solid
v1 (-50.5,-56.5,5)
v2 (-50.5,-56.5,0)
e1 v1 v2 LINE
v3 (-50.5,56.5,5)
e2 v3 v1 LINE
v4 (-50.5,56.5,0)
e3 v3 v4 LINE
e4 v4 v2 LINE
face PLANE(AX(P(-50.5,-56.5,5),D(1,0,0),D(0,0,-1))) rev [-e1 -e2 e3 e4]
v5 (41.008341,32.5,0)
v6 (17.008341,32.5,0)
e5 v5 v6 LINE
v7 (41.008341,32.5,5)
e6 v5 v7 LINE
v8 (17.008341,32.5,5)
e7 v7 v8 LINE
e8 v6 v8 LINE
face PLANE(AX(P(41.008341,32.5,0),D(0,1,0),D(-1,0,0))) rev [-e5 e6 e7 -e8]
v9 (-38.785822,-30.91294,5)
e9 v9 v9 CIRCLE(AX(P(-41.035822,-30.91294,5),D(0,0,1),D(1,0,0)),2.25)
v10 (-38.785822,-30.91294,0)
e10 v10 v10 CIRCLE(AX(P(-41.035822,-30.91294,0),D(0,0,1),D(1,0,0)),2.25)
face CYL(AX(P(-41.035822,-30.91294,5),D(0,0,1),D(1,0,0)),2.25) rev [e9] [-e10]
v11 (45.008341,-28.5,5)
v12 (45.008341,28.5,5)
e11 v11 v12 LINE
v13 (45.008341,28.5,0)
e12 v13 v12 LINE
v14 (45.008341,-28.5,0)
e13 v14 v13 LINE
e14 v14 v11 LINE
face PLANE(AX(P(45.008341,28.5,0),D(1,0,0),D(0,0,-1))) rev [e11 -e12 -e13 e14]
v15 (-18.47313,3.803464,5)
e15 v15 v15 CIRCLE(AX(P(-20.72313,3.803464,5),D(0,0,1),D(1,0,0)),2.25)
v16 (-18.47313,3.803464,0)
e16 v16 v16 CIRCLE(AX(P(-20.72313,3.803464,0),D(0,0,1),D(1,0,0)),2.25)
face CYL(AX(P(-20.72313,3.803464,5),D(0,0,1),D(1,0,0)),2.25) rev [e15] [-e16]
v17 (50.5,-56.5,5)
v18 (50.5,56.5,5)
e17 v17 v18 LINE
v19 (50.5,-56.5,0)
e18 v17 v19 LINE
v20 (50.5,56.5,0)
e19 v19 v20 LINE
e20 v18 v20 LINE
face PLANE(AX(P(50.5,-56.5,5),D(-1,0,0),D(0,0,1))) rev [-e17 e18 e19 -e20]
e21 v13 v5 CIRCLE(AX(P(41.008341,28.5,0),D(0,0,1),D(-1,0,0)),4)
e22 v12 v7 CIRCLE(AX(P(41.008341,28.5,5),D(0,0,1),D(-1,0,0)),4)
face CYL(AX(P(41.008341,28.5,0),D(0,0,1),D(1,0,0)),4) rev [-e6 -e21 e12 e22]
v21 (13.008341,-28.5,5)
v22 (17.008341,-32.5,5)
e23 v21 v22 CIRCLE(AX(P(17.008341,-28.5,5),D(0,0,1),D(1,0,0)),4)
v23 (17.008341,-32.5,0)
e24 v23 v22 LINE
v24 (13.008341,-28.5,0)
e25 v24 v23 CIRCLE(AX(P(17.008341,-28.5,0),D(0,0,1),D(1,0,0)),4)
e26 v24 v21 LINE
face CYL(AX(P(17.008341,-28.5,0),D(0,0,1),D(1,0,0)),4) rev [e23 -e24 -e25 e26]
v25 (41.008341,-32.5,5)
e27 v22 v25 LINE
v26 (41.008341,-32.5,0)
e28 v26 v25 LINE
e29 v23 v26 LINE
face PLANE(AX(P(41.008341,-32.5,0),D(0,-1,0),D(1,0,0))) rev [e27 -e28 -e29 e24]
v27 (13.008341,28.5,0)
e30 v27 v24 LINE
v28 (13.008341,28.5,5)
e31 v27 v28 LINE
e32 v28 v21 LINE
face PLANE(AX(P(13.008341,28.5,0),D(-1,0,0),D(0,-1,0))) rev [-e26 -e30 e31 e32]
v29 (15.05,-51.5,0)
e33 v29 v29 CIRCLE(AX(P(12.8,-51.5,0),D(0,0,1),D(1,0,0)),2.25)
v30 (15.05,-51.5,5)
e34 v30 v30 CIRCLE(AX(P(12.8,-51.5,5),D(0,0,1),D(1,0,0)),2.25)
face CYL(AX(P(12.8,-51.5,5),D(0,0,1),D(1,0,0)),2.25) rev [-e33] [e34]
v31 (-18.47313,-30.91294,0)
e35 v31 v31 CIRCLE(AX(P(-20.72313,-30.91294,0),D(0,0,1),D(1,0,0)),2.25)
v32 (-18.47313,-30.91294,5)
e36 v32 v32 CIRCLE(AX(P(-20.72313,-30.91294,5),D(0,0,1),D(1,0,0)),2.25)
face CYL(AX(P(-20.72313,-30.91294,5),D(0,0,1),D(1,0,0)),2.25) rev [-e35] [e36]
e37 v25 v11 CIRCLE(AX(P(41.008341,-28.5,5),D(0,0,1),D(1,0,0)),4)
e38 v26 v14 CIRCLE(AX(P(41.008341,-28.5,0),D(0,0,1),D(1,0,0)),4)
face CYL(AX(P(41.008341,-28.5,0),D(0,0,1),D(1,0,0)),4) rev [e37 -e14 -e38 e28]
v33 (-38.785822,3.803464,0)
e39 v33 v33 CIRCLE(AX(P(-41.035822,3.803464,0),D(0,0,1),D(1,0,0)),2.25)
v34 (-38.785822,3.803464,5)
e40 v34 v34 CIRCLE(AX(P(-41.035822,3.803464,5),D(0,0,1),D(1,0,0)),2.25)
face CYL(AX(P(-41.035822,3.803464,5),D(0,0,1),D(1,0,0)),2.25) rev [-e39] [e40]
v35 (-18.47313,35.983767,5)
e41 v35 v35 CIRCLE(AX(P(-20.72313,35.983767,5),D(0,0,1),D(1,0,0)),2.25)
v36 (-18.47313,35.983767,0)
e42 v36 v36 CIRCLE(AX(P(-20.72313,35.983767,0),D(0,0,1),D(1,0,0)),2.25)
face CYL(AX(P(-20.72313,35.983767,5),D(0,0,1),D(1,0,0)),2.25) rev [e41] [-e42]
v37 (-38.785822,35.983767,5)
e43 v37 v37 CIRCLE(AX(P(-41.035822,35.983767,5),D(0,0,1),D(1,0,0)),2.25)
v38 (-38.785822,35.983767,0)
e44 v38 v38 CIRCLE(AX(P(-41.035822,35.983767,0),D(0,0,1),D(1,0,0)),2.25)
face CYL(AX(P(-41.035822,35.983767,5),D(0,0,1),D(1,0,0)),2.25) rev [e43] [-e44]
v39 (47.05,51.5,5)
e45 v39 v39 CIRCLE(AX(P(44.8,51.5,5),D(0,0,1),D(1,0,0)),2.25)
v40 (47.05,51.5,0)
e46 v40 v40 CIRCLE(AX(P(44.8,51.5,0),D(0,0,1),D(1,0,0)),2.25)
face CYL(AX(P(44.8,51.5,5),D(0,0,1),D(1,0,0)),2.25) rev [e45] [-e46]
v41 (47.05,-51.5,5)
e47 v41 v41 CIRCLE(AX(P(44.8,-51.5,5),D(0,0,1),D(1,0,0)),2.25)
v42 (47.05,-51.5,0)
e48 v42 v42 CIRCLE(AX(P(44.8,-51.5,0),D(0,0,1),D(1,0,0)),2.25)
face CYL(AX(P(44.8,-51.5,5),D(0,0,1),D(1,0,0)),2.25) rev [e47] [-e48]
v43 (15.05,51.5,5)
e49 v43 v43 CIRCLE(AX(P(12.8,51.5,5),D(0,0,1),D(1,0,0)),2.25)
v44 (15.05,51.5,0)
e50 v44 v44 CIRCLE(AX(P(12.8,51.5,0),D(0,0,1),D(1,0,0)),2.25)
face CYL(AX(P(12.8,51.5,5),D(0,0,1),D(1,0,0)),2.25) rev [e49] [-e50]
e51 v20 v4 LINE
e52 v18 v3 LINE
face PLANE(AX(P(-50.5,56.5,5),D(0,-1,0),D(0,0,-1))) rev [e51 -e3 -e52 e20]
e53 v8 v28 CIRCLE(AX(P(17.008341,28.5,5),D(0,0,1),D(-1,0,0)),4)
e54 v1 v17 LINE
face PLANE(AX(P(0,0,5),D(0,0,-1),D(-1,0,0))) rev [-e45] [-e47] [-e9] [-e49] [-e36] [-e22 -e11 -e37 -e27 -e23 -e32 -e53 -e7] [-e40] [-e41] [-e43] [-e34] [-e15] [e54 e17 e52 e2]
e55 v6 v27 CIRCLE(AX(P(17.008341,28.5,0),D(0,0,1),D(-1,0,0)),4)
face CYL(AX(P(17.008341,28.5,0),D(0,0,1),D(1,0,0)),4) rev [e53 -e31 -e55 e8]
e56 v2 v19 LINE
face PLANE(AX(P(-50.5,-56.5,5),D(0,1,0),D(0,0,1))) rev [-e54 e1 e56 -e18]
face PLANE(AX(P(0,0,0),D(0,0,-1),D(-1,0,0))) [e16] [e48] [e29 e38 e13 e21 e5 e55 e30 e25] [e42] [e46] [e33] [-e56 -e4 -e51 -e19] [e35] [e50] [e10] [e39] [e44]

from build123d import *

# Parameters (mm, degrees)
ESQUISSE1_W          = 101
ESQUISSE1_H          = 113
BOSS_EXTRU_1_DEPTH   = 5
D_GAGEMENT_M42_D     = 4.5
M4_CLEARANCE_HOLE1_D = 4.5
CUT_EXTRUDE1_DEPTH   = 76.944058359


with BuildPart() as part:
    # Esquisse1 → Boss.-Extru.1 (new body)
    with BuildSketch(Plane.XY):
        Rectangle(ESQUISSE1_W, ESQUISSE1_H)
    extrude(amount=BOSS_EXTRU_1_DEPTH)

    # Dégagement M42 (through all)
    with Locations(Plane.XY.offset(5)):
        with Locations((-20.723129893, -30.91293976), (-20.723129893, 3.803464199), (-41.035821543, 3.803464199), (-41.035821543, -30.91293976), (-41.035821543, 35.983767161), (-20.723129893, 35.983767161)):
            Hole(D_GAGEMENT_M42_D / 2)

    # M4 Clearance Hole1 (through all)
    with Locations(Plane.XY.offset(5)):
        with Locations((44.8, 51.5), (12.8, 51.5), (12.8, -51.5), (44.8, -51.5)):
            Hole(M4_CLEARANCE_HOLE1_D / 2)

    # Sketch3 → Cut-Extrude1 (cut, through all)
    with BuildSketch(Plane.XY.offset(5)):
        with BuildLine():
            Line((45.008341295, 28.5), (45.008341295, -28.5))
            ThreePointArc((45.008341295, -28.5), (43.83676842, -31.328427125), (41.008341295, -32.5))
            Line((41.008341295, -32.5), (17.008341295, -32.5))
            ThreePointArc((17.008341295, -32.5), (14.17991417, -31.328427125), (13.008341295, -28.5))
            Line((13.008341295, -28.5), (13.008341295, 28.5))
            ThreePointArc((13.008341295, 28.5), (14.17991417, 31.328427125), (17.008341295, 32.5))
            Line((17.008341295, 32.5), (41.008341295, 32.5))
            ThreePointArc((41.008341295, 32.5), (43.83676842, 31.328427125), (45.008341295, 28.5))
        make_face()
    extrude(amount=-CUT_EXTRUDE1_DEPTH, mode=Mode.SUBTRACT)


solid = part.part
